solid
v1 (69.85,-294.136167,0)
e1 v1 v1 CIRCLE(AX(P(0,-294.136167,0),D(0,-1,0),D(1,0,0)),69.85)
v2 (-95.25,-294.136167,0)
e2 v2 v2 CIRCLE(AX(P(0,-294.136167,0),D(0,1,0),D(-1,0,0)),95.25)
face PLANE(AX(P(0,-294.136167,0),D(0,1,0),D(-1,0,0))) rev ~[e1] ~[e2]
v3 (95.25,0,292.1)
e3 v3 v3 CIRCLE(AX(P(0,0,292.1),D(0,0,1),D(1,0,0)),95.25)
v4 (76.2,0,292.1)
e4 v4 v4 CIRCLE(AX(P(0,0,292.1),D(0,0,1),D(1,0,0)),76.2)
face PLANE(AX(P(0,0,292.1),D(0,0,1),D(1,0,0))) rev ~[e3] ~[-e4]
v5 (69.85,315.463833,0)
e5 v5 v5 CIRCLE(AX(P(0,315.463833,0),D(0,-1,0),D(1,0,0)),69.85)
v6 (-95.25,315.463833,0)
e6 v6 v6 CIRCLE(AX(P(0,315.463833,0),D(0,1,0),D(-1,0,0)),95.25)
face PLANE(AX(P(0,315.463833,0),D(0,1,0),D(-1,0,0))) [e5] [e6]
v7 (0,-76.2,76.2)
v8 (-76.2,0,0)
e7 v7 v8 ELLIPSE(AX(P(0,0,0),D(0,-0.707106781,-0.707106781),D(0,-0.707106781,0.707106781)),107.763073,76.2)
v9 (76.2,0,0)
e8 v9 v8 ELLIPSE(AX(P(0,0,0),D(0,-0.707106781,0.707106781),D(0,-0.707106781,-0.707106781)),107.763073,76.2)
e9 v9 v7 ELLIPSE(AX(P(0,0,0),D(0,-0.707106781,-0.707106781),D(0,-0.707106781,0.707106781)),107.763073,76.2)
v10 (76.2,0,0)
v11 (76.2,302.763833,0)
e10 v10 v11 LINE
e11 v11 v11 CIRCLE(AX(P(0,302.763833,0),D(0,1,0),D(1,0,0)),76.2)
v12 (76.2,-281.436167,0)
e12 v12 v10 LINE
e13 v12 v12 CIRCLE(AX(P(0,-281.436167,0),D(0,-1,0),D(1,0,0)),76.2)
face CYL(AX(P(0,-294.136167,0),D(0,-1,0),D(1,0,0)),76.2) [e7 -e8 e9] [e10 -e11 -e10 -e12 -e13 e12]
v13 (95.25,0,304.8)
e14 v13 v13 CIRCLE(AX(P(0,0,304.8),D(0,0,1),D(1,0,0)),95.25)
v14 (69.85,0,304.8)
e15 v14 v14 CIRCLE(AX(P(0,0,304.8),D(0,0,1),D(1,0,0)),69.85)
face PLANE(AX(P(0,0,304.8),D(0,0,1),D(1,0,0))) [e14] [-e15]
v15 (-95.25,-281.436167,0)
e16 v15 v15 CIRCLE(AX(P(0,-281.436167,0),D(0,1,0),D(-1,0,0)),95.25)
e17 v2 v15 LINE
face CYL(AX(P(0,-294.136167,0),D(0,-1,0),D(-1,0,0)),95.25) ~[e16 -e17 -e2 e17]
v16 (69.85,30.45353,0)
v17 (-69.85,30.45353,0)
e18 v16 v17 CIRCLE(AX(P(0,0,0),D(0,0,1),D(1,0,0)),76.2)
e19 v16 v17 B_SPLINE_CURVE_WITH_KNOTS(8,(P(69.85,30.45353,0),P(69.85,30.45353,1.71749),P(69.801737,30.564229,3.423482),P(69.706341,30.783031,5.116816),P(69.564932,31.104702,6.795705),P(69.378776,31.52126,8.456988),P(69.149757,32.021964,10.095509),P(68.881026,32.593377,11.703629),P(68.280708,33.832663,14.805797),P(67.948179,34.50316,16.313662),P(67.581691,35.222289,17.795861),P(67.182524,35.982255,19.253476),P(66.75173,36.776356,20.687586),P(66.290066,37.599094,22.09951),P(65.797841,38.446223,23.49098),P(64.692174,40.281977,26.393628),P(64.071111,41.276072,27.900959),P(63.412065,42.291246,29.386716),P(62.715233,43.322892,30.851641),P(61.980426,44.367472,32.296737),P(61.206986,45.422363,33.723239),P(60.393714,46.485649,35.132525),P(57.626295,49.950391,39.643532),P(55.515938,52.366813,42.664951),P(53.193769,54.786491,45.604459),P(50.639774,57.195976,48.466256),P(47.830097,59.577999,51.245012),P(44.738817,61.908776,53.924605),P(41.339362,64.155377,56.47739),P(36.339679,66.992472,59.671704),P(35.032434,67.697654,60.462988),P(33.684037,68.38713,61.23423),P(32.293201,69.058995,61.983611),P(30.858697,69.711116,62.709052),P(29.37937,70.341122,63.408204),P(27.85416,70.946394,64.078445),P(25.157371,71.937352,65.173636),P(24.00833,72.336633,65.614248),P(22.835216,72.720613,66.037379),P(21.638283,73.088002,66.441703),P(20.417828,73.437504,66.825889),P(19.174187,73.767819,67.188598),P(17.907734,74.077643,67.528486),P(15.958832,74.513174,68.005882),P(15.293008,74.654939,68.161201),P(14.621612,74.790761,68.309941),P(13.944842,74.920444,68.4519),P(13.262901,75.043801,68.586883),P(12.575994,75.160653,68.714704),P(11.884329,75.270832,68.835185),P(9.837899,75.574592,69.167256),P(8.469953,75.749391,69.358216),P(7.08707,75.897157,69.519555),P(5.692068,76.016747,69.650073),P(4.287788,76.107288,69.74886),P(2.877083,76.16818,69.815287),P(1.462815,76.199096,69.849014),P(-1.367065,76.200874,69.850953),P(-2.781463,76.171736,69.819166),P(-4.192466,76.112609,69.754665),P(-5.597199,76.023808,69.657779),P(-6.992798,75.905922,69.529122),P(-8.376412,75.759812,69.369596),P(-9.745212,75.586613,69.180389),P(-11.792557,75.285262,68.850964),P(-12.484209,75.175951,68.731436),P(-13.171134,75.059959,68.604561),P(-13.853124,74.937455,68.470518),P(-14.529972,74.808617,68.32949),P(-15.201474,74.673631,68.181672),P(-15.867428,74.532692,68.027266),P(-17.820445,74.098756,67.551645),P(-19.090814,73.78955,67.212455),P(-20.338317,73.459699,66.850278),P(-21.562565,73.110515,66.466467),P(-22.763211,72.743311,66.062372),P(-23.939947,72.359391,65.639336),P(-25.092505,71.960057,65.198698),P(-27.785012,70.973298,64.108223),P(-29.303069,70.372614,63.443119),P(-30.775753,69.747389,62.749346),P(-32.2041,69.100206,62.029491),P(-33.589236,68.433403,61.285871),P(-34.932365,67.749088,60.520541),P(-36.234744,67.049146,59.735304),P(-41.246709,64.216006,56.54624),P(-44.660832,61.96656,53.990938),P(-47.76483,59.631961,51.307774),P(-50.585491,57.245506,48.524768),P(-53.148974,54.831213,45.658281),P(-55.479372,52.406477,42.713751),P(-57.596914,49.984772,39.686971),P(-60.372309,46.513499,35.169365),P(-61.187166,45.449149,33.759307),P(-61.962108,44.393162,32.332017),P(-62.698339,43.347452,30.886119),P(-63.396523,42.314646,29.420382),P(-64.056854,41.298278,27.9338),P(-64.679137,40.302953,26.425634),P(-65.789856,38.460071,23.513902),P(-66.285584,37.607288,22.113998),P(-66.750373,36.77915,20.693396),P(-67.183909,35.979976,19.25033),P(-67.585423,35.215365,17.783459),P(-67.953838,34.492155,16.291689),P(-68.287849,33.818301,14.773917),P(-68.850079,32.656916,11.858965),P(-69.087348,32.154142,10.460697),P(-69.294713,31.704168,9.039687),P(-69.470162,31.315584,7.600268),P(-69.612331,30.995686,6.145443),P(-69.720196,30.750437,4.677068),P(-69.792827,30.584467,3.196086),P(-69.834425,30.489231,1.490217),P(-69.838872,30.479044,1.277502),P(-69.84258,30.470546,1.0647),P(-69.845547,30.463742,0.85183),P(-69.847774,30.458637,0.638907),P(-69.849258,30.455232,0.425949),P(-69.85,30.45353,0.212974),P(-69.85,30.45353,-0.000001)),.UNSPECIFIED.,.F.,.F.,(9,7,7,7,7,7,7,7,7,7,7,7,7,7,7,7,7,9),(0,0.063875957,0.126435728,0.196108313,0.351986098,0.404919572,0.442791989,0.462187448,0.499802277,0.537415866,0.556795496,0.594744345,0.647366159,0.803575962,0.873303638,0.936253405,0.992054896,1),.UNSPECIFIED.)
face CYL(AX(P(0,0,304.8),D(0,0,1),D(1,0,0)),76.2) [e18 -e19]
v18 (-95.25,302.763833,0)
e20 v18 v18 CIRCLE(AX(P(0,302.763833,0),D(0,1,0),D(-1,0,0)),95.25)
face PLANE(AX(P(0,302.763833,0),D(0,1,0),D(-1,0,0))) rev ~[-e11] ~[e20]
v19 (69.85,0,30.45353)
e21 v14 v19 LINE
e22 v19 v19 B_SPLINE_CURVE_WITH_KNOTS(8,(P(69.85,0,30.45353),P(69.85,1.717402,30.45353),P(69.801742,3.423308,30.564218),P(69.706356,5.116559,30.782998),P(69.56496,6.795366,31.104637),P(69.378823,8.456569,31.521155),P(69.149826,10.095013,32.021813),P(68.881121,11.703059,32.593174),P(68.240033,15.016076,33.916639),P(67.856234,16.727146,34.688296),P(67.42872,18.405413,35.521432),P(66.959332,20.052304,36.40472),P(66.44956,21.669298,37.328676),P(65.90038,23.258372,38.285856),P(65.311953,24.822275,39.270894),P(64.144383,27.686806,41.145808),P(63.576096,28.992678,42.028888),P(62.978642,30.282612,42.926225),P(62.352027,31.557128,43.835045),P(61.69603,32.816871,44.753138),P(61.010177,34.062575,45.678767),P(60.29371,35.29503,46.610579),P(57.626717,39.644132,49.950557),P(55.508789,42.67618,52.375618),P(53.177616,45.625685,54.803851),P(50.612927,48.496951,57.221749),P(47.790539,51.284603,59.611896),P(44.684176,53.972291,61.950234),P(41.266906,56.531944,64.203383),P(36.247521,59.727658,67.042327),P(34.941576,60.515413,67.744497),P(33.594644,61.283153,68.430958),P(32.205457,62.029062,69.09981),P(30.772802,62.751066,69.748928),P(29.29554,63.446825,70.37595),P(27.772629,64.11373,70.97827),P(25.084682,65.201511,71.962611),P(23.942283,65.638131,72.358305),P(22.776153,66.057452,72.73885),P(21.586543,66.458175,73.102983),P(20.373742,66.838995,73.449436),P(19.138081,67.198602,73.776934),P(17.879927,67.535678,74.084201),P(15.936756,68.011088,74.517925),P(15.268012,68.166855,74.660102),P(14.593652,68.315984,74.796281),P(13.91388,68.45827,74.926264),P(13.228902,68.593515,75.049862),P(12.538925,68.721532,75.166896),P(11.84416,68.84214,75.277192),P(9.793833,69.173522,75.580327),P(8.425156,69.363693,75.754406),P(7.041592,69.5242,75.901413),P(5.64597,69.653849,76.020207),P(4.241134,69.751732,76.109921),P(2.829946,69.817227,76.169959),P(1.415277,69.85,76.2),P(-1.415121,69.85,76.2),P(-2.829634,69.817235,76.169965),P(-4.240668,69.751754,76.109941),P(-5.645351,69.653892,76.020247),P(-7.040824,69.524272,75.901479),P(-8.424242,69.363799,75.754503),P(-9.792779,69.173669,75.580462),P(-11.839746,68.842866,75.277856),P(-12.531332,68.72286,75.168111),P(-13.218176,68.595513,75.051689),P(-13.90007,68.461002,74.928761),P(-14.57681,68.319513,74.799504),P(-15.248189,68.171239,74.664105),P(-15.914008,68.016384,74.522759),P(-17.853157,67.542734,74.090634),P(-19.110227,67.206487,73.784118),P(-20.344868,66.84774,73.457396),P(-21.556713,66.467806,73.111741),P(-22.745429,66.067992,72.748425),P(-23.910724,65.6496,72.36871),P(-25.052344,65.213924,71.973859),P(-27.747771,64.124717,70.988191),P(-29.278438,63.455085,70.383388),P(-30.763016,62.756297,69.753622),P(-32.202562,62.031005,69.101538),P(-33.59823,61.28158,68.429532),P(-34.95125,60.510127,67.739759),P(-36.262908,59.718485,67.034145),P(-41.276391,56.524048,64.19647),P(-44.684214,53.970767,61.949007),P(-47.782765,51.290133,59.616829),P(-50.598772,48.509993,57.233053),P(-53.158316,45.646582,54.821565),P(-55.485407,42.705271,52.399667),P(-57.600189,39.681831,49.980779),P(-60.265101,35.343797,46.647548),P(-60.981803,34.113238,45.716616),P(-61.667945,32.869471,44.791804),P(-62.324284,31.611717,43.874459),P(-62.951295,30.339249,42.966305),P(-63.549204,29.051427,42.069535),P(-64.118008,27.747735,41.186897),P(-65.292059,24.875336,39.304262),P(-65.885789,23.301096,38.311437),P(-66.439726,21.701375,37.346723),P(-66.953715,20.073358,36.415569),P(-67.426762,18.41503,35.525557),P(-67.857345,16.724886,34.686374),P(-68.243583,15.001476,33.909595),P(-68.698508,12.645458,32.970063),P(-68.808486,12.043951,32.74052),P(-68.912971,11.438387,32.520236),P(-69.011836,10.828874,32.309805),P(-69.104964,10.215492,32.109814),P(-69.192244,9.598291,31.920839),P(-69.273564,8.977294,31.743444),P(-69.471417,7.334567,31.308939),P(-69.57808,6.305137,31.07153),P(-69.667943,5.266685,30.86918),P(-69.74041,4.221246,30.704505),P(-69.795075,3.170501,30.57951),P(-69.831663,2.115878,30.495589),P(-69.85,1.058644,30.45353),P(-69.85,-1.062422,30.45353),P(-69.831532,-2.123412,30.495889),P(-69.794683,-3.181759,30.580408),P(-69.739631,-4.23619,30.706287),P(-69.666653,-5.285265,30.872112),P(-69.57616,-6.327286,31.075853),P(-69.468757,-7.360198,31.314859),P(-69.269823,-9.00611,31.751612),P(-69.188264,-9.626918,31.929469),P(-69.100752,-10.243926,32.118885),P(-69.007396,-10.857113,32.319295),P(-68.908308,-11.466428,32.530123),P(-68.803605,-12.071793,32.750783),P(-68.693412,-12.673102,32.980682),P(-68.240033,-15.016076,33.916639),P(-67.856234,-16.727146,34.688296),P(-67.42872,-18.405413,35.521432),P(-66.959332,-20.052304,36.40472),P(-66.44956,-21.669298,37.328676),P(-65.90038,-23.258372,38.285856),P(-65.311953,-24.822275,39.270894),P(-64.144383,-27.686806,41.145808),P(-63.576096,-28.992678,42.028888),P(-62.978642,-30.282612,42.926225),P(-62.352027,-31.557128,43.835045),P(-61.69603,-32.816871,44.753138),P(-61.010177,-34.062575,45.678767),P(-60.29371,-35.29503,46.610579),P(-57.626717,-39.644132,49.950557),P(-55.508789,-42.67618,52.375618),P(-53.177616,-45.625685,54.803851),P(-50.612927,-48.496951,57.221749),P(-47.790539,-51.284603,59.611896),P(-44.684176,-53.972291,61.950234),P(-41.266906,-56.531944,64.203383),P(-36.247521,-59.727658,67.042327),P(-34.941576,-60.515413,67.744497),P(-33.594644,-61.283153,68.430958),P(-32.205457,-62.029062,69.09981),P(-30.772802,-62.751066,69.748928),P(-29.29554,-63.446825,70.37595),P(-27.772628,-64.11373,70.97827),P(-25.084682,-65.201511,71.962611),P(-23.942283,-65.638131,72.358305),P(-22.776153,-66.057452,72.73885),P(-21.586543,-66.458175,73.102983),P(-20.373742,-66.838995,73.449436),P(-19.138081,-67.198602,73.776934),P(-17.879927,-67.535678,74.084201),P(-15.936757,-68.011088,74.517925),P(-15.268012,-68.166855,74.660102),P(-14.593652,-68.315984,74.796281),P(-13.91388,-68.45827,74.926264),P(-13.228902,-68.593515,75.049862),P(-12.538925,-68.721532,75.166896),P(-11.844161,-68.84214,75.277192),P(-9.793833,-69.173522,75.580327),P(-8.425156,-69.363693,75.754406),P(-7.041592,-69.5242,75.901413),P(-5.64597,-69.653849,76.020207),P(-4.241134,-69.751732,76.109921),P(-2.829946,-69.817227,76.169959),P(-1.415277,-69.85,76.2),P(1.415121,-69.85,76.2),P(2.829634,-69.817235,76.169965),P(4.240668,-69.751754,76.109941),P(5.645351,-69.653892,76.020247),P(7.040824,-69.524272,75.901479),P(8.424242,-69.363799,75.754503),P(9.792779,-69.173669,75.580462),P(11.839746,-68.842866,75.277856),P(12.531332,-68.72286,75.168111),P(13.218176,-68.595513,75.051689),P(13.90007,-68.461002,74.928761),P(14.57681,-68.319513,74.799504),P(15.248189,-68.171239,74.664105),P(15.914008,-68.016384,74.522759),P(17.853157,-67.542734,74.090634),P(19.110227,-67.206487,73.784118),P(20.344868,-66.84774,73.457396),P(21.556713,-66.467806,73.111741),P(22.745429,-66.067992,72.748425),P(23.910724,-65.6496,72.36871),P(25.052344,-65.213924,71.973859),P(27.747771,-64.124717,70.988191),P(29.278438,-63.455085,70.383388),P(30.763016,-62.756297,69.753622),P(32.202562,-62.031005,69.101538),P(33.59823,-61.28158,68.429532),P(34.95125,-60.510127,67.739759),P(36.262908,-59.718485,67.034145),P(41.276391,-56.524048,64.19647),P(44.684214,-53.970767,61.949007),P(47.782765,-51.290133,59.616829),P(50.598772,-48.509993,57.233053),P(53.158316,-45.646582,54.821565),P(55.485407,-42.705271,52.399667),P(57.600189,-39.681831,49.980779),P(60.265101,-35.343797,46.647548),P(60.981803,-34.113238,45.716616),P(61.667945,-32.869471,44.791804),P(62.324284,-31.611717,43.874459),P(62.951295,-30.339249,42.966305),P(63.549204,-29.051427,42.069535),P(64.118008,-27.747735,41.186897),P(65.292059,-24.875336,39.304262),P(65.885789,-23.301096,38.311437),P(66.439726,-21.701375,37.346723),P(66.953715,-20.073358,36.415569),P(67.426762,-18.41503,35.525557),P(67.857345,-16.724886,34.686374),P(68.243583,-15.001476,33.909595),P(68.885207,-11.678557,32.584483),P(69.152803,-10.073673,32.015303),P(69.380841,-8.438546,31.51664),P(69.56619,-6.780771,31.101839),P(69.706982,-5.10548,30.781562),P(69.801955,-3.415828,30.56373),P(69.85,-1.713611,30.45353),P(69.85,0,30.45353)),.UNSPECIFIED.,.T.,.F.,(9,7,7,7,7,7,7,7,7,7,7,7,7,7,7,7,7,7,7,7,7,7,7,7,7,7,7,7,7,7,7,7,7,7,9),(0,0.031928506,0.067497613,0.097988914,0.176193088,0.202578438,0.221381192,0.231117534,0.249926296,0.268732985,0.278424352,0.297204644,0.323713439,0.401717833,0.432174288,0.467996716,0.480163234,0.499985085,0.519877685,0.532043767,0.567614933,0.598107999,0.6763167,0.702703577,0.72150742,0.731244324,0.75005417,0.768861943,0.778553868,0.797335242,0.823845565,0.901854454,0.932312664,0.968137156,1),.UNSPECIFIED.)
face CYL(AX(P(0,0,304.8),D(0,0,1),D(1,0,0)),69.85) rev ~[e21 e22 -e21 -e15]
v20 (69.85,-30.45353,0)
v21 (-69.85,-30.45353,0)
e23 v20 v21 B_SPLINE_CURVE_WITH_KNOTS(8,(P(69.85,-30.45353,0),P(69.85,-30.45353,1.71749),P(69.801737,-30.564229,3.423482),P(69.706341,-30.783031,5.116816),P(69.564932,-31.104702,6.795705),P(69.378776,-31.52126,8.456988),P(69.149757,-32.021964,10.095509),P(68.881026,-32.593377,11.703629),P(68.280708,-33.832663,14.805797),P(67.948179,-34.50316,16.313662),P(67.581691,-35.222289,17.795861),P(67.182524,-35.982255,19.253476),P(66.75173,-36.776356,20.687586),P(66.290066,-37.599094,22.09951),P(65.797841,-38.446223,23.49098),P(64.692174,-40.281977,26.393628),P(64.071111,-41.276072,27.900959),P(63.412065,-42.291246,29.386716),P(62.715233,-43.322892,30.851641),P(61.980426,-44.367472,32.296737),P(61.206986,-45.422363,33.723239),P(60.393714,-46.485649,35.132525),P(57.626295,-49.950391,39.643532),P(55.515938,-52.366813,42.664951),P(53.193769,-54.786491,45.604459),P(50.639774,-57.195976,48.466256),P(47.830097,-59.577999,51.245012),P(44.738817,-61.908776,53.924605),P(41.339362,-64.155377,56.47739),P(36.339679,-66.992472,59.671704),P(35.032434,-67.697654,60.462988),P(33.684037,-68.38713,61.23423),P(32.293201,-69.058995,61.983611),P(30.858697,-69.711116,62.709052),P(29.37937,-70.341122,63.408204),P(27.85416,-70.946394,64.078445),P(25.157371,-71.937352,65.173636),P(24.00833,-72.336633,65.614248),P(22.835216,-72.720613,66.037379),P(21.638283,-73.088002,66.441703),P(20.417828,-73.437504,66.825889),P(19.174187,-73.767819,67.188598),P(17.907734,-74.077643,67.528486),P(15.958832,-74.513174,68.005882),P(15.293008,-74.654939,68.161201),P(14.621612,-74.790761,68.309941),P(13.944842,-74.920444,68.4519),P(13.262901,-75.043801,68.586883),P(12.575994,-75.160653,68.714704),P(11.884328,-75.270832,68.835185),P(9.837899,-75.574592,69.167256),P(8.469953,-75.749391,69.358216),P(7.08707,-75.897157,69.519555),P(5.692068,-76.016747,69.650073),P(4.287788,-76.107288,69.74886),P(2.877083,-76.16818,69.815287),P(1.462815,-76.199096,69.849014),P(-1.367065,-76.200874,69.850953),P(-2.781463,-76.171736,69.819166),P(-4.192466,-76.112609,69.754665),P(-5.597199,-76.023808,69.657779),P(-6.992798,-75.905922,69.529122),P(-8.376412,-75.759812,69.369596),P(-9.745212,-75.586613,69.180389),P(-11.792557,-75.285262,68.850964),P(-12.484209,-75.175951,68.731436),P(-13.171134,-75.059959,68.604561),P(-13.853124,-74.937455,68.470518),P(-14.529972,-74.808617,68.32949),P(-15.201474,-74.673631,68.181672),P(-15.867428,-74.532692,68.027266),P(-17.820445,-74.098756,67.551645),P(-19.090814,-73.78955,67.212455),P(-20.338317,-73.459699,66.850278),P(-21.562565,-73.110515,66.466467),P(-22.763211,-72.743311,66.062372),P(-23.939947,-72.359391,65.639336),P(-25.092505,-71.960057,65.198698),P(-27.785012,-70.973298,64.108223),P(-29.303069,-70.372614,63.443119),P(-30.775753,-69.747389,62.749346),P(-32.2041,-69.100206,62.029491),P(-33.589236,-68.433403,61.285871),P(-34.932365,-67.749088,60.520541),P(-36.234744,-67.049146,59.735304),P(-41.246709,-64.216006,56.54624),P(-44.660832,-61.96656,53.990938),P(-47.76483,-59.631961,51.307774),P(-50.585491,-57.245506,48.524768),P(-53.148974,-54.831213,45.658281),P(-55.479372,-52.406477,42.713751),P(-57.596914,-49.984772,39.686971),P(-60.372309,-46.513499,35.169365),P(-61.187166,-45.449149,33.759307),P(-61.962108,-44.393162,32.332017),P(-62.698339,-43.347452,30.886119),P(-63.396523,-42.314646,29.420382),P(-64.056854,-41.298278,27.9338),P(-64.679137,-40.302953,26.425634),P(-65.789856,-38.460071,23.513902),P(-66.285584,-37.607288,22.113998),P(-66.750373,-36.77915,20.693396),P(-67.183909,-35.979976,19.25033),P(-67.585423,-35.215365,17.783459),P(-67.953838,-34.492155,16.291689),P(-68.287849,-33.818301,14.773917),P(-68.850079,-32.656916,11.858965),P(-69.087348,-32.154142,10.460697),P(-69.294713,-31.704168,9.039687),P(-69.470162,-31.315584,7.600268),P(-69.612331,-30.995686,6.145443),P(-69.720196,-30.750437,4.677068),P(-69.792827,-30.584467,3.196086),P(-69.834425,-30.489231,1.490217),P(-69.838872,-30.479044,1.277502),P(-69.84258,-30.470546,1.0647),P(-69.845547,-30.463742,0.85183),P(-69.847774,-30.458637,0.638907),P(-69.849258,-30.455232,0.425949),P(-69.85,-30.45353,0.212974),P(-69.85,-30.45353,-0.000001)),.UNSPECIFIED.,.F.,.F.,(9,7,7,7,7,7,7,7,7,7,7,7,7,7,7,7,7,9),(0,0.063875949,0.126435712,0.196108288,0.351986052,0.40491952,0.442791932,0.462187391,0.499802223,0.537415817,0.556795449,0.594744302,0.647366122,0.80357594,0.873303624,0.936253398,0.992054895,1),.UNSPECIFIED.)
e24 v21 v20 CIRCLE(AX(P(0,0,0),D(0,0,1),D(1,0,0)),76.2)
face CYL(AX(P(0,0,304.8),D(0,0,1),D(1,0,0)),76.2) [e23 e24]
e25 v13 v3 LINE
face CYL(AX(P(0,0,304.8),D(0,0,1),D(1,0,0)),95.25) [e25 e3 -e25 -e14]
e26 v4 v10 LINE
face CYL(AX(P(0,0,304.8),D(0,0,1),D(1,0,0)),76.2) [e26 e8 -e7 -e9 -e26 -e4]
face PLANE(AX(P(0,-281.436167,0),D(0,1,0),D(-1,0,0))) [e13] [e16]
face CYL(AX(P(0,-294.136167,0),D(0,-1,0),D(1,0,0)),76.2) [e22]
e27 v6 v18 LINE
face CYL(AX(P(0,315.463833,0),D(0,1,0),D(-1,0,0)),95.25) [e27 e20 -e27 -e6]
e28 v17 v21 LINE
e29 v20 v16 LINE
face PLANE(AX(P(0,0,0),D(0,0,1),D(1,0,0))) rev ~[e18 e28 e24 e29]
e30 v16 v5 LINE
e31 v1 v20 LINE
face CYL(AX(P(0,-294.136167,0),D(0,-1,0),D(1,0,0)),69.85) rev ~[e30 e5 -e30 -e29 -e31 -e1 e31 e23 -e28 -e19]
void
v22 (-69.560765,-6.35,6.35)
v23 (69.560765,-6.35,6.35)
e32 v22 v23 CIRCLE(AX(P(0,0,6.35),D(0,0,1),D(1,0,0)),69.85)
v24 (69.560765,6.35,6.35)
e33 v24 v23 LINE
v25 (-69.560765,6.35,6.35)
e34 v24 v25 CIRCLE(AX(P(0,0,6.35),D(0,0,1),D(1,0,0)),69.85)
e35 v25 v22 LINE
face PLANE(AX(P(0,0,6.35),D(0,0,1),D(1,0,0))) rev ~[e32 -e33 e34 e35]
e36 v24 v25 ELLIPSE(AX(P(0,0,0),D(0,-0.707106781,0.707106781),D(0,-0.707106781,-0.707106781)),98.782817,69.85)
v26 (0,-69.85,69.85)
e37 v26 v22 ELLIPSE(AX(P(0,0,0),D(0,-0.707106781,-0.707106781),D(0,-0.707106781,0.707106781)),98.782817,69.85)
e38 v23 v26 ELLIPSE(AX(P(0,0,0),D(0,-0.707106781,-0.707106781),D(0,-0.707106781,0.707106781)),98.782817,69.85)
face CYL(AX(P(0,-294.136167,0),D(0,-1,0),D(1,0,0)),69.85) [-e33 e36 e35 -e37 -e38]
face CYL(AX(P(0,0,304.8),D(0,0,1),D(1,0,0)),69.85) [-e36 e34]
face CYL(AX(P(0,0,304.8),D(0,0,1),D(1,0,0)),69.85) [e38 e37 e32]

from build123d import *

# Parameters (mm, degrees)
F2_R      = 76.2
F5_DEPTH  = 609.6
F4_R      = 76.2
F6_DEPTH  = 304.8
F7_T      = -6.35
F7_2_T    = -6.35
F9_R      = 95.25
F9_R_2    = 76.2
F10_DEPTH = 12.7
F12_R     = 95.25
F12_R_2   = 76.2
F13_DEPTH = 12.7
F14_R     = 95.25
F14_R_2   = 76.2
F15_DEPTH = 12.7


with BuildPart() as f5:
    # F2 (on plane+point) → F5 (new body)
    with BuildSketch(Plane.XZ.offset(294.1361665726)):
        Circle(F2_R)
    extrude(amount=-F5_DEPTH)

    # F7
    f7_openings = [f5.faces().sort_by_distance(p)[0] for p in [
        (0, 315.463833, 0),
        (0, -294.136167, 0),
    ]]
    offset(amount=F7_T, openings=f7_openings)

    # F9 (on line) → F10 (join)
    with BuildSketch(Plane(origin=(0, -294.1361665726, 0), x_dir=(-1, 0, 0), z_dir=(0, 1, 0))):
        Circle(F9_R)
        Circle(F9_R_2, mode=Mode.SUBTRACT)
    extrude(amount=F10_DEPTH)

    # F12 (on line) → F13 (join)
    with BuildSketch(Plane(origin=(0, 315.4638334274, 0), x_dir=(-1, 0, 0), z_dir=(0, 1, 0))):
        Circle(F12_R)
        Circle(F12_R_2, mode=Mode.SUBTRACT)
    extrude(amount=-F13_DEPTH)



with BuildPart() as f6:
    # F4 (on plane+point) → F6 (new body)
    with BuildSketch(Plane.XY.offset(304.8)):
        Circle(F4_R)
    extrude(amount=-F6_DEPTH)

    # F7#2
    f7_2_openings = [f6.faces().sort_by_distance(p)[0] for p in [
        (0, 0, 304.8),
    ]]
    offset(amount=F7_2_T, openings=f7_2_openings)


with BuildPart() as f5_1:
    add(f5.part)

    add(f6.part)  # F15 merges F6
    # F14 (on plane+point) → F15 (join)
    with BuildSketch(Plane.XY.offset(304.8)):
        Circle(F14_R)
        Circle(F14_R_2, mode=Mode.SUBTRACT)
    extrude(amount=-F15_DEPTH)


solid = f5_1.part
